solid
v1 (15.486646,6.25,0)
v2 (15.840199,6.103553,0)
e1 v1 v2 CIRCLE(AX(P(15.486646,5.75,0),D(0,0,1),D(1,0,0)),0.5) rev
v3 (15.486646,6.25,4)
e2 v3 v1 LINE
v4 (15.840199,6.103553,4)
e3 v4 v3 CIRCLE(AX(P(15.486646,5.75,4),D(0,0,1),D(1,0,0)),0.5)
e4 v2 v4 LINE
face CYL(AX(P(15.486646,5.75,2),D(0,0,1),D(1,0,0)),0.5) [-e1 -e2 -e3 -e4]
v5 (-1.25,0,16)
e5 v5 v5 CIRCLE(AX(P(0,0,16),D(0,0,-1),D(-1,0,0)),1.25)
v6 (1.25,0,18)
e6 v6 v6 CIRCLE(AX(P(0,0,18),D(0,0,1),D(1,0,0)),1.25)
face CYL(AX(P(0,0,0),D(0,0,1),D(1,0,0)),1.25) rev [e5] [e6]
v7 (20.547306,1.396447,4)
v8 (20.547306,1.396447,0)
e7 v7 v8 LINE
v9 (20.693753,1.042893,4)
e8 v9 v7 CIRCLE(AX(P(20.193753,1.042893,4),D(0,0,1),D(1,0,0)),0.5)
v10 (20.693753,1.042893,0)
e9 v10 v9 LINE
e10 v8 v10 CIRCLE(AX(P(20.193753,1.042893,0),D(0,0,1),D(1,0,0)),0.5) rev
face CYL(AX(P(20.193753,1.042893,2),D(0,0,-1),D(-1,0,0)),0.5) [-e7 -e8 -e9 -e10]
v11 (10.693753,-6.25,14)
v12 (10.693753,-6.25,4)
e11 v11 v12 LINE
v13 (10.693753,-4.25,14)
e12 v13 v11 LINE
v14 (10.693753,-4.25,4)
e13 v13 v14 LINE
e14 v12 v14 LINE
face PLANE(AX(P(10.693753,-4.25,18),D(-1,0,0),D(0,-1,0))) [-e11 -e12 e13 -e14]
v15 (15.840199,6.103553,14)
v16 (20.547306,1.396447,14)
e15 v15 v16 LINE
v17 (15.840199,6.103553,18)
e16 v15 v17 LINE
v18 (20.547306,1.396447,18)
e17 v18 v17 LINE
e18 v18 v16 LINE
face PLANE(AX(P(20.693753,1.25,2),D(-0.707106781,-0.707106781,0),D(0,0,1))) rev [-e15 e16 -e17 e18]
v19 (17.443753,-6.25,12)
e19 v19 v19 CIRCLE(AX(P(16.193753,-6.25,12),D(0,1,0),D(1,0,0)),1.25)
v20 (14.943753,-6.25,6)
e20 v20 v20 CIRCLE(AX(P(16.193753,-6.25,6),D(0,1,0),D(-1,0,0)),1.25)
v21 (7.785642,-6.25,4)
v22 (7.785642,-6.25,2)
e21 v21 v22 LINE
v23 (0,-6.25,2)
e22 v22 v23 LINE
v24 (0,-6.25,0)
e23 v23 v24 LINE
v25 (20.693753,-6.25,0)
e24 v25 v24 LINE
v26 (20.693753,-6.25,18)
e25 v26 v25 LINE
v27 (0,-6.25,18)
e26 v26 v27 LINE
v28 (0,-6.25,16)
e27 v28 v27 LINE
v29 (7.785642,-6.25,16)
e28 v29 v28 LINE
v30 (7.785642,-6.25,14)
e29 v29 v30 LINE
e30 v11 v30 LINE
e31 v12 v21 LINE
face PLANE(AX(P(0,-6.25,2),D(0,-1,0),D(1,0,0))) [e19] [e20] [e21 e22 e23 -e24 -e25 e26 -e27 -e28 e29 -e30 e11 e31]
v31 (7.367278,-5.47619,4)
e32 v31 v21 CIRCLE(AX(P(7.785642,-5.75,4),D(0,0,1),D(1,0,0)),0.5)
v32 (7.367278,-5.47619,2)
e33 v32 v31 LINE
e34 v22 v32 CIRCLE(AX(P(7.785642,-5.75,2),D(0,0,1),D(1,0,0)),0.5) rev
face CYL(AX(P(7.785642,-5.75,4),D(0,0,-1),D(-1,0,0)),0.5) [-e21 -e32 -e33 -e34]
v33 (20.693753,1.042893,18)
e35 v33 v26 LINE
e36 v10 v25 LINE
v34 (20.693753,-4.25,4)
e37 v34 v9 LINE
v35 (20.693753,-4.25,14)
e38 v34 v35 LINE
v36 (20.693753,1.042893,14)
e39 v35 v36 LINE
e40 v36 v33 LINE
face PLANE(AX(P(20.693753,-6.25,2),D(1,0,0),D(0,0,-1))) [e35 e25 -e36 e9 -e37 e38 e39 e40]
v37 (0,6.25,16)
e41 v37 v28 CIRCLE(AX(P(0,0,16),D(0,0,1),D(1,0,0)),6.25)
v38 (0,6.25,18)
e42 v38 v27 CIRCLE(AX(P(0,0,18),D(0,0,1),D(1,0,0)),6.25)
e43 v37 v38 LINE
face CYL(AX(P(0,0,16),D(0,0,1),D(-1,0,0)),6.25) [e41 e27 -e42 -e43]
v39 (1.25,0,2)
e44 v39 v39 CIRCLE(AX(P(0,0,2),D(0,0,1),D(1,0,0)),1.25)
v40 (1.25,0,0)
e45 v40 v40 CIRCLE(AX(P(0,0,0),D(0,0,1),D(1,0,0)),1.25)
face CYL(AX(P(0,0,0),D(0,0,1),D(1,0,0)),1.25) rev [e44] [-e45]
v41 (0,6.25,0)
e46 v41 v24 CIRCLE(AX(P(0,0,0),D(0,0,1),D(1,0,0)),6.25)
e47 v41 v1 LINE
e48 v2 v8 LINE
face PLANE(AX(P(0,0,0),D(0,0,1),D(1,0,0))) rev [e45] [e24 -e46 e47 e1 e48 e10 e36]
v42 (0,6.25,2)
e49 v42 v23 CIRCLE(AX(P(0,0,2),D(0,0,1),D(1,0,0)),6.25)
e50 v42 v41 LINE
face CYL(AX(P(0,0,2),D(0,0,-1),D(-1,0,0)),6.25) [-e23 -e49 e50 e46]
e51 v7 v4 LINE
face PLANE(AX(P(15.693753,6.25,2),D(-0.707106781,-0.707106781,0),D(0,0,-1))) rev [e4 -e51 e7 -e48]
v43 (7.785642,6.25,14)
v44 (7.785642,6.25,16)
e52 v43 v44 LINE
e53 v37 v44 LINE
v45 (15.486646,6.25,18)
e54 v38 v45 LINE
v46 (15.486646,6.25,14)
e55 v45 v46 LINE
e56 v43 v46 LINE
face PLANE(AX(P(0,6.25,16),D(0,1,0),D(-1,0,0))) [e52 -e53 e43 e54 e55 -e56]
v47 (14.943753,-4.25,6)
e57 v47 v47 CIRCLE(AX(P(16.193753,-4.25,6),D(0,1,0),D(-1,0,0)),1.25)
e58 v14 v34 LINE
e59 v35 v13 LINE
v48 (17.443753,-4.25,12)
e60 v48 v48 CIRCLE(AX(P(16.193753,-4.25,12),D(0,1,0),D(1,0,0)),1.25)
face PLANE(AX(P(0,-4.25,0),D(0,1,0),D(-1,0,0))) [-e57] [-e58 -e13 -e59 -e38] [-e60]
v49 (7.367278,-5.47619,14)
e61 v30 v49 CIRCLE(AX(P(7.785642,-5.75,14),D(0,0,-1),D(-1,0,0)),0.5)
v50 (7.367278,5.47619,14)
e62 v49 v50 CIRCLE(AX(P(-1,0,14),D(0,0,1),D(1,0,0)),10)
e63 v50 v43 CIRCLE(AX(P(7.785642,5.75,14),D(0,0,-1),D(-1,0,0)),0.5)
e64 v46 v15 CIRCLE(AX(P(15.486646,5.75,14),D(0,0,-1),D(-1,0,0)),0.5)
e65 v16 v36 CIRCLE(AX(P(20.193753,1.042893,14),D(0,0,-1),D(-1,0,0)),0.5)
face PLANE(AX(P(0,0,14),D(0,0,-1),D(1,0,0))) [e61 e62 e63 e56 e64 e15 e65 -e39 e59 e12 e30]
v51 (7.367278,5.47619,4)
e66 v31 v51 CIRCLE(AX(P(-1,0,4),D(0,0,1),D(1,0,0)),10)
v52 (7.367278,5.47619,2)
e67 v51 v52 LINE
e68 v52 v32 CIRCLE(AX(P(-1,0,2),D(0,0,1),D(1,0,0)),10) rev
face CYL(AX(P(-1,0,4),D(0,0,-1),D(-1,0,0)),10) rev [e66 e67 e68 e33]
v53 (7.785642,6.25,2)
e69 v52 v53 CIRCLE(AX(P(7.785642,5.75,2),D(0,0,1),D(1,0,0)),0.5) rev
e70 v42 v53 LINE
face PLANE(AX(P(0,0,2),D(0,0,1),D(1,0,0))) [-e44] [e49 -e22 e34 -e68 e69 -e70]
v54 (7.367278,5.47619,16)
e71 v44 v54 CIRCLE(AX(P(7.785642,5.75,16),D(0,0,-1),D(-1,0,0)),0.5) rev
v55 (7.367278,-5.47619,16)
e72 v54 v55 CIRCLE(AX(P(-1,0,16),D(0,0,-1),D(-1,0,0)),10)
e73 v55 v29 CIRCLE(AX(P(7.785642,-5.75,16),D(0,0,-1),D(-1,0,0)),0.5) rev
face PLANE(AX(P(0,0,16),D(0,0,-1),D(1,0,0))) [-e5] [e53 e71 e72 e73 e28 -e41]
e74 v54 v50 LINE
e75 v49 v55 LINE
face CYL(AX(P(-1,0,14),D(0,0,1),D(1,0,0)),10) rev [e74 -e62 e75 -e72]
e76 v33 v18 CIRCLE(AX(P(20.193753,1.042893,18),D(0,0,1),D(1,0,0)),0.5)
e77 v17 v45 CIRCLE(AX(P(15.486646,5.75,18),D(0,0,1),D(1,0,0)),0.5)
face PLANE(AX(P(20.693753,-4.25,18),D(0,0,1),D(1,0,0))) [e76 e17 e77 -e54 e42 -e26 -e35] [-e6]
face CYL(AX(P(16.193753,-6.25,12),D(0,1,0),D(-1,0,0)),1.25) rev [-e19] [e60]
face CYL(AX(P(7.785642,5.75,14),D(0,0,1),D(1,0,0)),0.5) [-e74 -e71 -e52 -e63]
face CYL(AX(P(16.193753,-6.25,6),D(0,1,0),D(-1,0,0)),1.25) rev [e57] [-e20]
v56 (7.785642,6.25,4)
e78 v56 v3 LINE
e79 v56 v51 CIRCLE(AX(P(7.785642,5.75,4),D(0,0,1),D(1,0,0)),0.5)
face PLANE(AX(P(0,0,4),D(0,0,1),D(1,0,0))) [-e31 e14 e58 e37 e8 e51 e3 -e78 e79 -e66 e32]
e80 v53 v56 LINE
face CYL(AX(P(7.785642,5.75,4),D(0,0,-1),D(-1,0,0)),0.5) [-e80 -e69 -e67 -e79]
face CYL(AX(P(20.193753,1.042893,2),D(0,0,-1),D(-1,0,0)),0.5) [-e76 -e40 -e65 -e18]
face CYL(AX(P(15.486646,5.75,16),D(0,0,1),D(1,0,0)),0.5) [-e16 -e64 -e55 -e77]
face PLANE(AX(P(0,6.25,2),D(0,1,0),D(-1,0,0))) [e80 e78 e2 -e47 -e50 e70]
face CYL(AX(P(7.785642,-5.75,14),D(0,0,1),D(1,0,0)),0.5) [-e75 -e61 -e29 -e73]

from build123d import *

# Parameters (mm, degrees)
BOSS_EXTRUDE1_DEPTH  = 4
BOSS_EXTRUDE7_DEPTH  = 4
SKETCH9_W            = 20
SKETCH9_H            = 36
BOSS_EXTRUDE8_DEPTH  = 4
BOSS_EXTRUDE9_DEPTH  = 8
BOSS_EXTRUDE10_DEPTH = 4
FILLET4_R            = 1
SKETCH11_R           = 2.5
CUT_EXTRUDE2_DEPTH   = 57.25989309
CHAMFER1_SIZE        = 10
SKETCH12_R           = 2.5
CUT_EXTRUDE3_DEPTH   = 4
FILLET5_R            = 1
SCALE1_SCALE         = 0.5


with BuildPart() as part:
    # Sketch1 → Boss-Extrude1 (new body)
    with BuildSketch(Plane.XY):
        with BuildLine():
            ThreePointArc((0, 12.5), (-12.5, 0), (0, -12.5))
            Line((0, -12.5), (26.387505004, -12.5))
            ThreePointArc((26.387505004, -12.5), (22, 0), (26.387505004, 12.5))
            Line((26.387505004, 12.5), (0, 12.5))
        make_face()
    extrude(amount=BOSS_EXTRUDE1_DEPTH)

    # Sketch8 → Boss-Extrude7 (add)
    with BuildSketch(Plane(origin=(0, 0, 0), x_dir=(-1, 0, 0), z_dir=(0, 0, -1))):
        with BuildLine():
            Line((-26.387505004, 12.5), (-41.387505004, 12.5))
            Line((-41.387505004, 12.5), (-41.387505004, -12.5))
            Line((-41.387505004, -12.5), (-26.387505004, -12.5))
            ThreePointArc((-26.387505004, -12.5), (-22, 0), (-26.387505004, 12.5))
        make_face()
    extrude(amount=-BOSS_EXTRUDE7_DEPTH)


with BuildPart() as body_2:
    # Mirror3: mirrored copy
    add(part.part.mirror(Plane.XY.offset(18)))


with BuildPart() as part_1:
    add(part.part)

    add(body_2.part)  # Boss-Extrude8 merges body 2
    # Sketch9 → Boss-Extrude8 (add)
    with BuildSketch(Plane.XZ.offset(12.5)):
        with Locations((31.387505004, 18)):
            Rectangle(SKETCH9_W, SKETCH9_H)
    extrude(amount=-BOSS_EXTRUDE8_DEPTH)

    # Sketch1<4> → Boss-Extrude9 (add)
    with BuildSketch(Plane.XY):
        with BuildLine():
            ThreePointArc((13.612494996, 12.5), (18, 0), (13.612494996, -12.5))
            Line((13.612494996, -12.5), (40, -12.5))
            ThreePointArc((40, -12.5), (27.5, 0), (40, 12.5))
            Line((40, 12.5), (13.612494996, 12.5))
        make_face()
    boss_extrude9 = extrude(amount=BOSS_EXTRUDE9_DEPTH)

    # Sketch10 → Boss-Extrude10 (add)
    with BuildSketch(Plane.XY.offset(4)):
        with BuildLine():
            Line((41.387505004, 12.5), (40, 12.5))
            ThreePointArc((40, 12.5), (28.543560763, 5), (30.83484861, -8.5))
            Line((30.83484861, -8.5), (41.387505004, -8.5))
            Line((41.387505004, -8.5), (41.387505004, 12.5))
        make_face()
    boss_extrude10 = extrude(amount=BOSS_EXTRUDE10_DEPTH)

    # Mirror4: Boss-Extrude9, Boss-Extrude10 across plane
    add(boss_extrude9.mirror(Plane.XY.offset(18)))
    add(boss_extrude10.mirror(Plane.XY.offset(18)))

    # Fillet4
    fillet4_edges = [part_1.edges().sort_by_distance(p)[0] for p in [
        (13.612494996, -12.5, 30),
        (13.612494996, 12.5, 30),
        (13.612494996, -12.5, 6),
        (13.612494996, 12.5, 6),
    ]]
    fillet(fillet4_edges, radius=FILLET4_R)

    # Sketch11 → Cut-Extrude2 (cut, through all)
    with BuildSketch(Plane.XY.offset(36)):
        Circle(SKETCH11_R)
    extrude(amount=-CUT_EXTRUDE2_DEPTH, mode=Mode.SUBTRACT)

    # Chamfer1
    chamfer1_edges = [part_1.edges().sort_by_distance(p)[0] for p in [
        (41.387505004, 12.5, 32),
        (41.387505004, 12.5, 4),
    ]]
    chamfer(chamfer1_edges, length=CHAMFER1_SIZE)

    # Sketch12 → Cut-Extrude3 (cut)
    with BuildSketch(Plane(origin=(0, -8.5, 0), x_dir=(1, 0, 0), z_dir=(0, 1, 0))):
        with Locations((32.387505004, -12)):
            Circle(SKETCH12_R)
        with Locations((32.387505004, -24)):
            Circle(SKETCH12_R)
    extrude(amount=-CUT_EXTRUDE3_DEPTH, mode=Mode.SUBTRACT)

    # Fillet5
    fillet5_edges = [part_1.edges().sort_by_distance(p)[0] for p in [
        (41.387505004, 2.5, 32),
        (41.387505004, 2.5, 4),
        (31.387505004, 12.5, 4),
        (31.387505004, 12.5, 32),
    ]]
    fillet(fillet5_edges, radius=FILLET5_R)


with BuildPart() as part_2:
    # Scale1: scaled about (0, 0, 0)
    add(part_1.part.scale(SCALE1_SCALE))


solid = part_2.part
